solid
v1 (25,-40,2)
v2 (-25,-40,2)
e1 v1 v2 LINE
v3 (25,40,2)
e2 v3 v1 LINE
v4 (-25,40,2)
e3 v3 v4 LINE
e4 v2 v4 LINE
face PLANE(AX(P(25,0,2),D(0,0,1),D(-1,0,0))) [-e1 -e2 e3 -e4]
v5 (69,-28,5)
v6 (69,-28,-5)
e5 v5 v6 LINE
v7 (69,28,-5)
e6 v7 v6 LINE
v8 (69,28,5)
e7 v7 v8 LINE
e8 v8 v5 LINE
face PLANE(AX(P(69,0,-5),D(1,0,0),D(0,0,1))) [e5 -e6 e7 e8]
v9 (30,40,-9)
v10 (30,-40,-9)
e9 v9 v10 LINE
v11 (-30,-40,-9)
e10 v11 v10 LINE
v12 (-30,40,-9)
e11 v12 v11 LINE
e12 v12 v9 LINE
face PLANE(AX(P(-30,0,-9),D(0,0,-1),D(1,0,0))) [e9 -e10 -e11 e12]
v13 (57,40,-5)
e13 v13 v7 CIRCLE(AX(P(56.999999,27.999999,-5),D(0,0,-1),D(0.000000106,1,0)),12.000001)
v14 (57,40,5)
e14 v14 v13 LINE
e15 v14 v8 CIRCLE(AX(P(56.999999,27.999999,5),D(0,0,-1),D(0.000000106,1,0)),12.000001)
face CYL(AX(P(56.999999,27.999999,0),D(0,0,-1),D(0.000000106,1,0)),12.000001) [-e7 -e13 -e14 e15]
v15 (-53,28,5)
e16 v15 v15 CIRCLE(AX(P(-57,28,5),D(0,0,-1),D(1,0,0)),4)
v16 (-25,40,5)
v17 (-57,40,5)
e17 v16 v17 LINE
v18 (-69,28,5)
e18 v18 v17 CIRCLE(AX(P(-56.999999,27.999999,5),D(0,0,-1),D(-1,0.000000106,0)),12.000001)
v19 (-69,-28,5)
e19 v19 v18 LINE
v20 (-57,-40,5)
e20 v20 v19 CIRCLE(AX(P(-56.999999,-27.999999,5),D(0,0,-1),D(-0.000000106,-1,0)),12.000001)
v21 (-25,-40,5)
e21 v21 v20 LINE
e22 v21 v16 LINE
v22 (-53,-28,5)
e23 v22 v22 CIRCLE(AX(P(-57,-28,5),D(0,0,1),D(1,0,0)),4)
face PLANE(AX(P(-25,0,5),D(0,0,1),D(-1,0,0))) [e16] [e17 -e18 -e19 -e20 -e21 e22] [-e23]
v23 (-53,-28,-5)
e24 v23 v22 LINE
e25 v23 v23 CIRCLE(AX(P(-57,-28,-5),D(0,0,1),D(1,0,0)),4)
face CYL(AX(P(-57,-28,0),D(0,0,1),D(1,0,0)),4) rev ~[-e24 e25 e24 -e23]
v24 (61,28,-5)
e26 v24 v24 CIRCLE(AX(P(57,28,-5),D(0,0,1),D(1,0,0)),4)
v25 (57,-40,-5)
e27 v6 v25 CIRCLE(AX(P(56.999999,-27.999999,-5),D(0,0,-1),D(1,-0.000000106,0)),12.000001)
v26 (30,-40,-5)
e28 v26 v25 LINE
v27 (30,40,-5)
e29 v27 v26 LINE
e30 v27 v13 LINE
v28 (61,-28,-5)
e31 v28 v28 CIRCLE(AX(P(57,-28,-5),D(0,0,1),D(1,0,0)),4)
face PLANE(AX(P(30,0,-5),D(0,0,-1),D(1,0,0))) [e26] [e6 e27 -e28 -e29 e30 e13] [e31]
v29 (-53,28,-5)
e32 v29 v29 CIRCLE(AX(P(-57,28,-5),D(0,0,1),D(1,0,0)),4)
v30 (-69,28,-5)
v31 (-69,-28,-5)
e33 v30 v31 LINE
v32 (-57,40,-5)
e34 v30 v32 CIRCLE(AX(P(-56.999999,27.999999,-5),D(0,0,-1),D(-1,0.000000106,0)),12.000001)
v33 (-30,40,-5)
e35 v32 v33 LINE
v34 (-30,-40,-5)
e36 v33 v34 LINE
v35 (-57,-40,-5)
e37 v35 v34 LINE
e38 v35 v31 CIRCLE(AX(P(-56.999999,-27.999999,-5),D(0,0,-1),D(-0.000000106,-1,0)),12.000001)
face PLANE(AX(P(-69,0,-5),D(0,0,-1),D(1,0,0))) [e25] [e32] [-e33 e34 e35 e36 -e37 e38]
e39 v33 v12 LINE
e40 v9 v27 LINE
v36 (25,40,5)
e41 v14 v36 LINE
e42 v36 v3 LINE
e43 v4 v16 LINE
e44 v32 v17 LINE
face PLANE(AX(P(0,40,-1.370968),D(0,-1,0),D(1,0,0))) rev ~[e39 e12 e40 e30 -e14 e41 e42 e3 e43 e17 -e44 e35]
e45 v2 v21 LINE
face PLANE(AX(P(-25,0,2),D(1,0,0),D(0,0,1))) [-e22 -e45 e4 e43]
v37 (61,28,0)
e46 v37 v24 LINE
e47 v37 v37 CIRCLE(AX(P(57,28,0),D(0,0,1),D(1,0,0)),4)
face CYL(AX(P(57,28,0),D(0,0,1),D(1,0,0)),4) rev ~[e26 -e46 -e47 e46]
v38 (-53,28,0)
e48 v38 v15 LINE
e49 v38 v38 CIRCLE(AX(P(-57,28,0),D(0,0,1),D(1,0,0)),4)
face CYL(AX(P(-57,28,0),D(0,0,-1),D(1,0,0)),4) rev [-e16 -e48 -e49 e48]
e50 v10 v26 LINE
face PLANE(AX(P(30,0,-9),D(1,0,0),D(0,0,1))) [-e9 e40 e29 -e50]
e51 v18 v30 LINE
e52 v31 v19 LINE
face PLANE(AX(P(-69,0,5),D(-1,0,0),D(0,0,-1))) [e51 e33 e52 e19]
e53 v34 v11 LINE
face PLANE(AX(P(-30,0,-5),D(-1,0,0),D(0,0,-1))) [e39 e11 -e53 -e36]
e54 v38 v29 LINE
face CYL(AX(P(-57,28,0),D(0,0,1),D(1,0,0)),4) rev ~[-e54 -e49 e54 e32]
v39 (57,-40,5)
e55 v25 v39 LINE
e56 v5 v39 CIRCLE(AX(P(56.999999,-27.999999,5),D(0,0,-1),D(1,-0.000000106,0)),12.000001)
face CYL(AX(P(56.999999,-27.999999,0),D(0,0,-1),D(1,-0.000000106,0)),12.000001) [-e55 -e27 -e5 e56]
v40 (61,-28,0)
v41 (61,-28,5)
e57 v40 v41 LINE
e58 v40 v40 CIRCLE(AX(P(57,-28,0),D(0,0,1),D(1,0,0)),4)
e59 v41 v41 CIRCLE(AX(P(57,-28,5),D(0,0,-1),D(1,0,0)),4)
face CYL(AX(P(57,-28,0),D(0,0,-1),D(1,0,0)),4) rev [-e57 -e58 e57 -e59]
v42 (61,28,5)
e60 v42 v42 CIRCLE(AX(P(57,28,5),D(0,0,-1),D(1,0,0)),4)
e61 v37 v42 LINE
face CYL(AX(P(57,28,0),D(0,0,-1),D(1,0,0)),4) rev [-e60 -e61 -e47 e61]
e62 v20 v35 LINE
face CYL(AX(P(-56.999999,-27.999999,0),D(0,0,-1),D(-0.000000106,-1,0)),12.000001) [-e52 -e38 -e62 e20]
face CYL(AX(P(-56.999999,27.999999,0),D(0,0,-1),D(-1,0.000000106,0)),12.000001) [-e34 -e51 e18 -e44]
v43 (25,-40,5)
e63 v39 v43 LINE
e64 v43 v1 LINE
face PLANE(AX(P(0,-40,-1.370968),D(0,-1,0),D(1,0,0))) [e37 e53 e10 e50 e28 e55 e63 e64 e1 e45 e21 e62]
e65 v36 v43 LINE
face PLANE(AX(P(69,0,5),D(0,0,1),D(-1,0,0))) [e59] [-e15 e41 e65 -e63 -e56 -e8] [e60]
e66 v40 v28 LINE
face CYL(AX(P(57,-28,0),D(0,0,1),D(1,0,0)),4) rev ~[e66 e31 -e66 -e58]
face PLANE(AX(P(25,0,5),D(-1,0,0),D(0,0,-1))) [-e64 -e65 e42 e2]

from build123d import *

# Parameters (mm, degrees)
F1_DEPTH = 40
F2_R     = 4
F3_DEPTH = 40


with BuildPart() as f1:
    # F0 (on Front) → F1 (new body, symmetric)
    with BuildSketch(Plane.XZ):
        Polygon((-69, 5), (-69, -5), (-30, -5), (-30, -9), (30, -9), (30, -5), (69, -5), (69, 5), (25, 5), (25, 2), (-25, 2), (-25, 5), align=None)
    extrude(amount=F1_DEPTH, both=True)

    # F2 (on Top) → F3 (cut, symmetric)
    with BuildSketch(Plane.XY):
        with BuildLine():
            ThreePointArc((-69, 28), (-65.485281, 36.485281), (-57, 40))
            Line((-57, 40), (-69, 40))
            Line((-69, 40), (-69, 28))
        make_face()
        with BuildLine():
            ThreePointArc((-57, -40), (-65.485281, -36.485281), (-69, -28))
            Line((-69, -28), (-69, -40))
            Line((-69, -40), (-57, -40))
        make_face()
        with BuildLine():
            ThreePointArc((69, -28), (65.485281, -36.485281), (57, -40))
            Line((57, -40), (69, -40))
            Line((69, -40), (69, -28))
        make_face()
        with BuildLine():
            ThreePointArc((57, 40), (65.485281, 36.485281), (69, 28))
            Line((69, 28), (69, 40))
            Line((69, 40), (57, 40))
        make_face()
        with Locations((-57, 28)):
            Circle(F2_R)
        with Locations((57, 28)):
            Circle(F2_R)
        with Locations((57, -28)):
            Circle(F2_R)
        with Locations((-57, -28)):
            Circle(F2_R)
    extrude(amount=F3_DEPTH, both=True, mode=Mode.SUBTRACT)


solid = f1.part
